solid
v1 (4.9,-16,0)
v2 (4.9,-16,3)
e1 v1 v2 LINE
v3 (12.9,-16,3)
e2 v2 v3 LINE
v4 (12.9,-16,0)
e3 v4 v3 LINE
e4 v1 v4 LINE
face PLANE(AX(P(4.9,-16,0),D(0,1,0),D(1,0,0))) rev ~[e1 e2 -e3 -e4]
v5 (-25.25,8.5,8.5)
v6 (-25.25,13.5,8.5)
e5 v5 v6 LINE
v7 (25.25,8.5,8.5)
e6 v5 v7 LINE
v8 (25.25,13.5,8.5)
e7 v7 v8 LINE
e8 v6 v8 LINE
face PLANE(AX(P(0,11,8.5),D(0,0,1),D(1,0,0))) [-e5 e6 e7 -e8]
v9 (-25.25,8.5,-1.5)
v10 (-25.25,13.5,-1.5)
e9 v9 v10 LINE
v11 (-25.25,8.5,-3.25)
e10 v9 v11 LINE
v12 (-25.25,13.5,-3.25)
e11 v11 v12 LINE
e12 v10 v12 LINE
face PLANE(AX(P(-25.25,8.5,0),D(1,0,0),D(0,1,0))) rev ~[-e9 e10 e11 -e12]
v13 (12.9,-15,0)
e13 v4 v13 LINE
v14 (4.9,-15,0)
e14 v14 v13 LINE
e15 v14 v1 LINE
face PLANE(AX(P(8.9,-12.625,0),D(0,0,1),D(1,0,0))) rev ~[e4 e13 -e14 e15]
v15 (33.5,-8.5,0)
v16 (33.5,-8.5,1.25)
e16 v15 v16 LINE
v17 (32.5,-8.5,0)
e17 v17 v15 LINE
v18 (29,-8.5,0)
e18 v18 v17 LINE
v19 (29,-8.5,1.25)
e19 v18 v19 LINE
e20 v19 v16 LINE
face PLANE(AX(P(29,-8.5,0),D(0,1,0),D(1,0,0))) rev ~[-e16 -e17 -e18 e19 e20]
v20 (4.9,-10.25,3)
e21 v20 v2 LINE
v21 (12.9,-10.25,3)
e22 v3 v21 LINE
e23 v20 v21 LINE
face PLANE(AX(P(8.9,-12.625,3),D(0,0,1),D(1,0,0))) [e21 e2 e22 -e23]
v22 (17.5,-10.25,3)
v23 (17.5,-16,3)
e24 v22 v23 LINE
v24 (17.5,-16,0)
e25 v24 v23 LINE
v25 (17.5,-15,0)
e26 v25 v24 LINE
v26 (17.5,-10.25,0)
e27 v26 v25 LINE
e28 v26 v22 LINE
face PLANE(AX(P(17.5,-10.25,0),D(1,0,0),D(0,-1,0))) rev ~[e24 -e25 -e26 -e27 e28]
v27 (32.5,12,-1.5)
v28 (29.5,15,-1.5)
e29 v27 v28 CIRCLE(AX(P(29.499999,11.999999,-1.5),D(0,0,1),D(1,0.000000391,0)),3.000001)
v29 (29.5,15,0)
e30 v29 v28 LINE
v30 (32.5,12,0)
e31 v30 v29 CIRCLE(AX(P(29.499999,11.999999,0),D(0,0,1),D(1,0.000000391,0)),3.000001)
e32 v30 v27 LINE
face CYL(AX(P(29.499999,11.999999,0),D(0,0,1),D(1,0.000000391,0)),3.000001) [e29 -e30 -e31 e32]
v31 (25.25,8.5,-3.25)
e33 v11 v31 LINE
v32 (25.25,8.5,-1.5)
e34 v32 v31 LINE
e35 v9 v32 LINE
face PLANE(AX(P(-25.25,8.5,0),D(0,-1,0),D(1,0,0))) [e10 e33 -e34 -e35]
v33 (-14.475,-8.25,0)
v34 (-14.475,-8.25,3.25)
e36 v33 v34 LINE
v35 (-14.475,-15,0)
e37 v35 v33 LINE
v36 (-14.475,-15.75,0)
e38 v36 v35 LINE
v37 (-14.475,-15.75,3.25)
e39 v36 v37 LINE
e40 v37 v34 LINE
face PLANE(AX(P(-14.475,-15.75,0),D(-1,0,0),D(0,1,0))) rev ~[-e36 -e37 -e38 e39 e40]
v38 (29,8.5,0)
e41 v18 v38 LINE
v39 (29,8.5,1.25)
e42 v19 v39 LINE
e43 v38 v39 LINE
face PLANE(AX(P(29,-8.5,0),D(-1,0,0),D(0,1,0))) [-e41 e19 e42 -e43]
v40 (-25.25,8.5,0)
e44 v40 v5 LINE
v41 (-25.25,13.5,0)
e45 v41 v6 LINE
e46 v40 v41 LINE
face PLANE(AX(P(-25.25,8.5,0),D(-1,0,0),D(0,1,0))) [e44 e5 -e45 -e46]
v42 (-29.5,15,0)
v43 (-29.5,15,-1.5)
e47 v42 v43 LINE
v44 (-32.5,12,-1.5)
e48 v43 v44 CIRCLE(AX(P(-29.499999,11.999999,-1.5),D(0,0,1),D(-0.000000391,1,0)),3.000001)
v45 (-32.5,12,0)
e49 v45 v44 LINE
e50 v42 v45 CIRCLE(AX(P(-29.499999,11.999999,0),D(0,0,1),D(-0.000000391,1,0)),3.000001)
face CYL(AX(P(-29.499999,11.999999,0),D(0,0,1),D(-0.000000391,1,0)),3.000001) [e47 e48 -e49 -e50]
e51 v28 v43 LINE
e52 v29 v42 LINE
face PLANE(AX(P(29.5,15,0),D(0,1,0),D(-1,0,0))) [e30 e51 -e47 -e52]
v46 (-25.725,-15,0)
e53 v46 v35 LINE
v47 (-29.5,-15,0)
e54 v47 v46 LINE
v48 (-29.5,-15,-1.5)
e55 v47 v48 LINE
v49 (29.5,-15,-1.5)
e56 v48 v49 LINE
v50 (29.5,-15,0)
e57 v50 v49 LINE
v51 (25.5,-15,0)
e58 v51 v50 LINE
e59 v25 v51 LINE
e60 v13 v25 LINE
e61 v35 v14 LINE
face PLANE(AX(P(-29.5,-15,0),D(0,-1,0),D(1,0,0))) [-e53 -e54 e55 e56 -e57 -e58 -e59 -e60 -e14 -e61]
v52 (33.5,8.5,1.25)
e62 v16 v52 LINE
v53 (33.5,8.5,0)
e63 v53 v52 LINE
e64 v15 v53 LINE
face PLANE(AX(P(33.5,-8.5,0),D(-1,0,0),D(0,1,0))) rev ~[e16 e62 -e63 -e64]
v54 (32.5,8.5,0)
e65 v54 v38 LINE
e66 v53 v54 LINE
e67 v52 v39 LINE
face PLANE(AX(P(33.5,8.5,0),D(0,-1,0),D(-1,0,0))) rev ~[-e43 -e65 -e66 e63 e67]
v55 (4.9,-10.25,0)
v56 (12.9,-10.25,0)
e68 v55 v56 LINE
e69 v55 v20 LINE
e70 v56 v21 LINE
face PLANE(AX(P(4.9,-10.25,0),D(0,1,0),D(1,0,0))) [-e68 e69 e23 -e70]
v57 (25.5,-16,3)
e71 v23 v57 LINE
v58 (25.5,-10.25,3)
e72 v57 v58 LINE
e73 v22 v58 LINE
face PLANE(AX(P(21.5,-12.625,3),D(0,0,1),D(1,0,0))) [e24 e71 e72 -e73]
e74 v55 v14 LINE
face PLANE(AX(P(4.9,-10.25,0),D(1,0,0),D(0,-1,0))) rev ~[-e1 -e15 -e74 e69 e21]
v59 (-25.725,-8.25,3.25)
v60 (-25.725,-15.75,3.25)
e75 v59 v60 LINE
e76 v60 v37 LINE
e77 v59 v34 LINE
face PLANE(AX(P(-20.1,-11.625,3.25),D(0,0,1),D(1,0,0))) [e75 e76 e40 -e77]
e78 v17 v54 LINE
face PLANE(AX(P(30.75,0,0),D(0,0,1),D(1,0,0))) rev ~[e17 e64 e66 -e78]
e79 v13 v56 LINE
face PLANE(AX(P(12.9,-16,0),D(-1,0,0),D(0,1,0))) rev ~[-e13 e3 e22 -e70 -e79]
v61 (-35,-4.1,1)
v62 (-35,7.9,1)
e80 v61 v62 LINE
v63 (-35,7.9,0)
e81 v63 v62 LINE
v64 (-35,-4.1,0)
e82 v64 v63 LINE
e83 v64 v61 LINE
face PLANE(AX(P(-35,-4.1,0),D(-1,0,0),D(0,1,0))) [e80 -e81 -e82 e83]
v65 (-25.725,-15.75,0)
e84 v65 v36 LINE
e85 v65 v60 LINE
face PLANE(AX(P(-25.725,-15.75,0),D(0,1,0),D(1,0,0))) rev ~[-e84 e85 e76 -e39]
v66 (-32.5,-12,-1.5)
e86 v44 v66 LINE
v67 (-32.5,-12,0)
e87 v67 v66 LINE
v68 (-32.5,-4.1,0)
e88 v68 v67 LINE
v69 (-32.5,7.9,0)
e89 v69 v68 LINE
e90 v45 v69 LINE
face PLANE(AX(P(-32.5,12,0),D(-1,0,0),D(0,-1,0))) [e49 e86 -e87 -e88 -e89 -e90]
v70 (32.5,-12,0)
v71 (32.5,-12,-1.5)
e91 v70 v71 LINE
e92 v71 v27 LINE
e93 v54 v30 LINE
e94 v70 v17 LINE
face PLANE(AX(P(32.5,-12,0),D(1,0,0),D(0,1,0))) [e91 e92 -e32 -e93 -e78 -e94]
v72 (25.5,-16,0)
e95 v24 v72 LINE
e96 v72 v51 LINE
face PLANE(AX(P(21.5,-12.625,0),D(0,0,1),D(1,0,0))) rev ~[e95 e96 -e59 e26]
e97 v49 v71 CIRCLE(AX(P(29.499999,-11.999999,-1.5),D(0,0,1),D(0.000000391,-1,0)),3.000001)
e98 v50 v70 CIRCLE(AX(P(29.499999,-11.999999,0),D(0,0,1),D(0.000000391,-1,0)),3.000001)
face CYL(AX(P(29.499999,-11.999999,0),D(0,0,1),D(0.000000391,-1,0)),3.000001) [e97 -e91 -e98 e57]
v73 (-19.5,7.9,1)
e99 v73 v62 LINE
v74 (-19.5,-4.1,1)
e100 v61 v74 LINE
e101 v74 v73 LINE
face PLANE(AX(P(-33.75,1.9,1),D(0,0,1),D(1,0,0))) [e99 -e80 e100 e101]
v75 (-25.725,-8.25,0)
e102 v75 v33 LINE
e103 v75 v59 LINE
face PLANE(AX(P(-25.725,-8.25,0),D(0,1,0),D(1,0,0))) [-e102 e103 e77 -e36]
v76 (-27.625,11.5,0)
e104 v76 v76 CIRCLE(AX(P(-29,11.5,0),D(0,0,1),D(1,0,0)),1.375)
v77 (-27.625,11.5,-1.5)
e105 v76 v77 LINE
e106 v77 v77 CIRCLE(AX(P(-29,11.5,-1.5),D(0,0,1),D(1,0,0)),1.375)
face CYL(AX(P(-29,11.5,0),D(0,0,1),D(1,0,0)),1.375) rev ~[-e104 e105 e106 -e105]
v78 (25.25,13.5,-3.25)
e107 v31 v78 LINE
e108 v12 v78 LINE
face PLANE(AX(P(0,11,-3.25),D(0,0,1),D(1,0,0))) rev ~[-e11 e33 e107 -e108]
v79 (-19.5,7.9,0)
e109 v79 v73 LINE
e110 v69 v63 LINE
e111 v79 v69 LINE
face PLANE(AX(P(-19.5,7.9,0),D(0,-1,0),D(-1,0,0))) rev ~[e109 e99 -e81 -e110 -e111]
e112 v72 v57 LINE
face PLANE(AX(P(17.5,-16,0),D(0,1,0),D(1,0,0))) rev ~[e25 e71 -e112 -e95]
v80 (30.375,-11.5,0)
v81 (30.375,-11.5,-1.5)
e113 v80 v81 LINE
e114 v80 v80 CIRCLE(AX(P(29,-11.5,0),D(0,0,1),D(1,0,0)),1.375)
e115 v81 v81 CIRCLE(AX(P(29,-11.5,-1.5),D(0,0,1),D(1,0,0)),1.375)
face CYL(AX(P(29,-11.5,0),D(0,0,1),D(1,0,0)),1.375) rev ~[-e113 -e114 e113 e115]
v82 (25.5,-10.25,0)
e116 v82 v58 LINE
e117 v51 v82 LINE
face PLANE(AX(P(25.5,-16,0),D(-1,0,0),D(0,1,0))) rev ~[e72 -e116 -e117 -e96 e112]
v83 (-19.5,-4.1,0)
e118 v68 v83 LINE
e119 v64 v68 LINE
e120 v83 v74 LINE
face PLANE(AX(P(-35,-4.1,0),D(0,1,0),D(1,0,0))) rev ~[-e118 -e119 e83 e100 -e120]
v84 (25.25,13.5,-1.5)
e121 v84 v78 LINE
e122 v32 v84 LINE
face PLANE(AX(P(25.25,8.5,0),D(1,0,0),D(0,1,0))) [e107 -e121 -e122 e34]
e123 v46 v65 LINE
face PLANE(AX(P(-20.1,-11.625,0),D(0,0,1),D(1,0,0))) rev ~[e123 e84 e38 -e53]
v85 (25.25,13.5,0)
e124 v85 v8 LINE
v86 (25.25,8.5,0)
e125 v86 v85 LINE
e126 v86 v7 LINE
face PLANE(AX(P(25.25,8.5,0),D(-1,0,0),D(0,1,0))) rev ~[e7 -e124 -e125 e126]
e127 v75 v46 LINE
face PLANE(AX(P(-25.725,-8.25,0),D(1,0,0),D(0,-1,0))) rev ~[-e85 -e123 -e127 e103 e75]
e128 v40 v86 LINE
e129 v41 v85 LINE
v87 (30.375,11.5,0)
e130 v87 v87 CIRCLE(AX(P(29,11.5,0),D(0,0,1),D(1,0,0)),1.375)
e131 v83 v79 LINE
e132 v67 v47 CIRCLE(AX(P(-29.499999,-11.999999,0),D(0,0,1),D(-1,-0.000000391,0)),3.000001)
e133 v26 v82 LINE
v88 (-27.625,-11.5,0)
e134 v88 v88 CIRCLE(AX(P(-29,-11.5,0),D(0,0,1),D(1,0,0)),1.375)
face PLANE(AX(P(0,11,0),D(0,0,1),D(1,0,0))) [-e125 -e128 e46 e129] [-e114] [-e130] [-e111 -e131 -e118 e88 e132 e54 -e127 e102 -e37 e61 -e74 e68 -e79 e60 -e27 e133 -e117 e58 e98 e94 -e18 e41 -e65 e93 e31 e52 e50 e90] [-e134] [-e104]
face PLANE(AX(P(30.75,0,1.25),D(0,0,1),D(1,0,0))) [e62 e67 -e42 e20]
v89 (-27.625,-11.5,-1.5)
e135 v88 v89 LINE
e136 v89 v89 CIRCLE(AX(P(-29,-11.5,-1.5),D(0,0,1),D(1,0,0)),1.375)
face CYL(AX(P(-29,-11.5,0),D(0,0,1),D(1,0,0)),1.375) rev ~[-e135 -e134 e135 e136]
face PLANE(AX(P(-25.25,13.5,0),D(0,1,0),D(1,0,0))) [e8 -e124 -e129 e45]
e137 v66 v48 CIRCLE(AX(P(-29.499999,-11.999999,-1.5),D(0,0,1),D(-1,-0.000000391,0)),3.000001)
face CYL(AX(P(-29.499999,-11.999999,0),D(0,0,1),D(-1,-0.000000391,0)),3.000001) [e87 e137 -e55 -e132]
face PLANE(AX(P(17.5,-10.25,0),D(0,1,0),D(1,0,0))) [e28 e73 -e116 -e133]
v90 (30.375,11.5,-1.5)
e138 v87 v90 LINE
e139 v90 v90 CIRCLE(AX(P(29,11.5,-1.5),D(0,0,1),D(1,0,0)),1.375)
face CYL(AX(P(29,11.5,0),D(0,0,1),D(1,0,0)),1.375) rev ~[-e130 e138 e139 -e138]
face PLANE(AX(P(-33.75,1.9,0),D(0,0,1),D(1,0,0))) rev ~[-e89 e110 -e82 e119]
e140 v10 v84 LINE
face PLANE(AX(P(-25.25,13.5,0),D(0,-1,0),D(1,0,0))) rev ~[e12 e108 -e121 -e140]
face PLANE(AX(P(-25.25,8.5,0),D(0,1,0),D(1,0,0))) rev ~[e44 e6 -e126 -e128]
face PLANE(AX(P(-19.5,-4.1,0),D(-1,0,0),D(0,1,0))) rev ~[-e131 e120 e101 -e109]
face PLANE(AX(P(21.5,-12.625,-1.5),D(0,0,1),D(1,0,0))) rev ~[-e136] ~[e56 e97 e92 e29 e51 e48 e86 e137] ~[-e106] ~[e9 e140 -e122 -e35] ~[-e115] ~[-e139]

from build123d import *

# Parameters (mm, degrees)
F0_W     = 8
F0_H     = 4.75
F0_W_2   = 11.25
F0_H_2   = 6.75
F0_W_3   = 3.5
F0_H_3   = 17
F0_W_4   = 13
F0_H_4   = 12
F0_R     = 1.375
F0_W_5   = 50.5
F0_H_5   = 5
F1_DEPTH = 1.5
F2_DEPTH = 3.25
F0_W_6   = 2.5
F3_DEPTH = 1
F0_H_6   = 0.75
F4_DEPTH = 3.25
F0_H_7   = 1
F5_DEPTH = 3
F0_W_7   = 1
F6_DEPTH = 1.25
F7_DEPTH = 8.5


with BuildPart() as f1:
    # F0 (on Top) → F1 (new body)
    with BuildSketch(Plane.XY):
        with Locations((21.5, -12.625)):
            Rectangle(F0_W, F0_H)
        with Locations((8.9, -12.625)):
            Rectangle(F0_W, F0_H)
        with Locations((-20.1, -11.625)):
            Rectangle(F0_W_2, F0_H_2)
        with Locations((30.75, 0)):
            Rectangle(F0_W_3, F0_H_3)
        with Locations((-26, 1.9)):
            Rectangle(F0_W_4, F0_H_4)
        with BuildLine():
            ThreePointArc((32.5, 12), (31.62132, 14.12132), (29.5, 15))
            Line((29.5, 15), (-29.5, 15))
            ThreePointArc((-29.5, 15), (-31.62132, 14.12132), (-32.5, 12))
            Line((-32.5, 12), (-32.5, 7.9))
            Line((-32.5, 7.9), (-19.5, 7.9))
            Line((-19.5, 7.9), (-19.5, -4.1))
            Line((-19.5, -4.1), (-32.5, -4.1))
            Line((-32.5, -4.1), (-32.5, -12))
            ThreePointArc((-32.5, -12), (-31.62132, -14.12132), (-29.5, -15))
            Line((-29.5, -15), (-25.725, -15))
            Line((-25.725, -15), (-25.725, -8.25))
            Line((-25.725, -8.25), (-14.475, -8.25))
            Line((-14.475, -8.25), (-14.475, -15))
            Line((-14.475, -15), (4.9, -15))
            Line((4.9, -15), (4.9, -10.25))
            Line((4.9, -10.25), (12.9, -10.25))
            Line((12.9, -10.25), (12.9, -15))
            Line((12.9, -15), (17.5, -15))
            Line((17.5, -15), (17.5, -10.25))
            Line((17.5, -10.25), (25.5, -10.25))
            Line((25.5, -10.25), (25.5, -15))
            Line((25.5, -15), (29.5, -15))
            ThreePointArc((29.5, -15), (31.62132, -14.12132), (32.5, -12))
            Line((32.5, -12), (32.5, -8.5))
            Line((32.5, -8.5), (29, -8.5))
            Line((29, -8.5), (29, 8.5))
            Line((29, 8.5), (32.5, 8.5))
            Line((32.5, 8.5), (32.5, 12))
        make_face()
        with Locations((-29, -11.5)):
            Circle(F0_R, mode=Mode.SUBTRACT)
        with Locations((29, -11.5)):
            Circle(F0_R, mode=Mode.SUBTRACT)
        with Locations((-29, 11.5)):
            Circle(F0_R, mode=Mode.SUBTRACT)
        with Locations((0, 11)):
            Rectangle(F0_W_5, F0_H_5, mode=Mode.SUBTRACT)
        with Locations((29, 11.5)):
            Circle(F0_R, mode=Mode.SUBTRACT)
        with Locations((0, 11)):
            Rectangle(F0_W_5, F0_H_5)
    extrude(amount=-F1_DEPTH)

    # F0 (on Top) → F2 (join)
    with BuildSketch(Plane.XY):
        with Locations((0, 11)):
            Rectangle(F0_W_5, F0_H_5)
    extrude(amount=-F2_DEPTH)

    # F0 (on Top) → F3 (join)
    with BuildSketch(Plane.XY):
        with Locations((-33.75, 1.9)):
            Rectangle(F0_W_6, F0_H_4)
        with Locations((-26, 1.9)):
            Rectangle(F0_W_4, F0_H_4)
    extrude(amount=F3_DEPTH)

    # F0 (on Top) → F4 (join)
    with BuildSketch(Plane.XY):
        with Locations((-20.1, -11.625)):
            Rectangle(F0_W_2, F0_H_2)
        with Locations((-20.1, -15.375)):
            Rectangle(F0_W_2, F0_H_6)
    extrude(amount=F4_DEPTH)

    # F0 (on Top) → F5 (join)
    with BuildSketch(Plane.XY):
        with Locations((8.9, -12.625)):
            Rectangle(F0_W, F0_H)
        with Locations((21.5, -12.625)):
            Rectangle(F0_W, F0_H)
        with Locations((21.5, -15.5)):
            Rectangle(F0_W, F0_H_7)
        with Locations((8.9, -15.5)):
            Rectangle(F0_W, F0_H_7)
    extrude(amount=F5_DEPTH)

    # F0 (on Top) → F6 (join)
    with BuildSketch(Plane.XY):
        with Locations((30.75, 0)):
            Rectangle(F0_W_3, F0_H_3)
        with Locations((33, 0)):
            Rectangle(F0_W_7, F0_H_3)
    extrude(amount=F6_DEPTH)

    # F0 (on Top) → F7 (join)
    with BuildSketch(Plane.XY):
        with Locations((0, 11)):
            Rectangle(F0_W_5, F0_H_5)
    extrude(amount=F7_DEPTH)


solid = f1.part
